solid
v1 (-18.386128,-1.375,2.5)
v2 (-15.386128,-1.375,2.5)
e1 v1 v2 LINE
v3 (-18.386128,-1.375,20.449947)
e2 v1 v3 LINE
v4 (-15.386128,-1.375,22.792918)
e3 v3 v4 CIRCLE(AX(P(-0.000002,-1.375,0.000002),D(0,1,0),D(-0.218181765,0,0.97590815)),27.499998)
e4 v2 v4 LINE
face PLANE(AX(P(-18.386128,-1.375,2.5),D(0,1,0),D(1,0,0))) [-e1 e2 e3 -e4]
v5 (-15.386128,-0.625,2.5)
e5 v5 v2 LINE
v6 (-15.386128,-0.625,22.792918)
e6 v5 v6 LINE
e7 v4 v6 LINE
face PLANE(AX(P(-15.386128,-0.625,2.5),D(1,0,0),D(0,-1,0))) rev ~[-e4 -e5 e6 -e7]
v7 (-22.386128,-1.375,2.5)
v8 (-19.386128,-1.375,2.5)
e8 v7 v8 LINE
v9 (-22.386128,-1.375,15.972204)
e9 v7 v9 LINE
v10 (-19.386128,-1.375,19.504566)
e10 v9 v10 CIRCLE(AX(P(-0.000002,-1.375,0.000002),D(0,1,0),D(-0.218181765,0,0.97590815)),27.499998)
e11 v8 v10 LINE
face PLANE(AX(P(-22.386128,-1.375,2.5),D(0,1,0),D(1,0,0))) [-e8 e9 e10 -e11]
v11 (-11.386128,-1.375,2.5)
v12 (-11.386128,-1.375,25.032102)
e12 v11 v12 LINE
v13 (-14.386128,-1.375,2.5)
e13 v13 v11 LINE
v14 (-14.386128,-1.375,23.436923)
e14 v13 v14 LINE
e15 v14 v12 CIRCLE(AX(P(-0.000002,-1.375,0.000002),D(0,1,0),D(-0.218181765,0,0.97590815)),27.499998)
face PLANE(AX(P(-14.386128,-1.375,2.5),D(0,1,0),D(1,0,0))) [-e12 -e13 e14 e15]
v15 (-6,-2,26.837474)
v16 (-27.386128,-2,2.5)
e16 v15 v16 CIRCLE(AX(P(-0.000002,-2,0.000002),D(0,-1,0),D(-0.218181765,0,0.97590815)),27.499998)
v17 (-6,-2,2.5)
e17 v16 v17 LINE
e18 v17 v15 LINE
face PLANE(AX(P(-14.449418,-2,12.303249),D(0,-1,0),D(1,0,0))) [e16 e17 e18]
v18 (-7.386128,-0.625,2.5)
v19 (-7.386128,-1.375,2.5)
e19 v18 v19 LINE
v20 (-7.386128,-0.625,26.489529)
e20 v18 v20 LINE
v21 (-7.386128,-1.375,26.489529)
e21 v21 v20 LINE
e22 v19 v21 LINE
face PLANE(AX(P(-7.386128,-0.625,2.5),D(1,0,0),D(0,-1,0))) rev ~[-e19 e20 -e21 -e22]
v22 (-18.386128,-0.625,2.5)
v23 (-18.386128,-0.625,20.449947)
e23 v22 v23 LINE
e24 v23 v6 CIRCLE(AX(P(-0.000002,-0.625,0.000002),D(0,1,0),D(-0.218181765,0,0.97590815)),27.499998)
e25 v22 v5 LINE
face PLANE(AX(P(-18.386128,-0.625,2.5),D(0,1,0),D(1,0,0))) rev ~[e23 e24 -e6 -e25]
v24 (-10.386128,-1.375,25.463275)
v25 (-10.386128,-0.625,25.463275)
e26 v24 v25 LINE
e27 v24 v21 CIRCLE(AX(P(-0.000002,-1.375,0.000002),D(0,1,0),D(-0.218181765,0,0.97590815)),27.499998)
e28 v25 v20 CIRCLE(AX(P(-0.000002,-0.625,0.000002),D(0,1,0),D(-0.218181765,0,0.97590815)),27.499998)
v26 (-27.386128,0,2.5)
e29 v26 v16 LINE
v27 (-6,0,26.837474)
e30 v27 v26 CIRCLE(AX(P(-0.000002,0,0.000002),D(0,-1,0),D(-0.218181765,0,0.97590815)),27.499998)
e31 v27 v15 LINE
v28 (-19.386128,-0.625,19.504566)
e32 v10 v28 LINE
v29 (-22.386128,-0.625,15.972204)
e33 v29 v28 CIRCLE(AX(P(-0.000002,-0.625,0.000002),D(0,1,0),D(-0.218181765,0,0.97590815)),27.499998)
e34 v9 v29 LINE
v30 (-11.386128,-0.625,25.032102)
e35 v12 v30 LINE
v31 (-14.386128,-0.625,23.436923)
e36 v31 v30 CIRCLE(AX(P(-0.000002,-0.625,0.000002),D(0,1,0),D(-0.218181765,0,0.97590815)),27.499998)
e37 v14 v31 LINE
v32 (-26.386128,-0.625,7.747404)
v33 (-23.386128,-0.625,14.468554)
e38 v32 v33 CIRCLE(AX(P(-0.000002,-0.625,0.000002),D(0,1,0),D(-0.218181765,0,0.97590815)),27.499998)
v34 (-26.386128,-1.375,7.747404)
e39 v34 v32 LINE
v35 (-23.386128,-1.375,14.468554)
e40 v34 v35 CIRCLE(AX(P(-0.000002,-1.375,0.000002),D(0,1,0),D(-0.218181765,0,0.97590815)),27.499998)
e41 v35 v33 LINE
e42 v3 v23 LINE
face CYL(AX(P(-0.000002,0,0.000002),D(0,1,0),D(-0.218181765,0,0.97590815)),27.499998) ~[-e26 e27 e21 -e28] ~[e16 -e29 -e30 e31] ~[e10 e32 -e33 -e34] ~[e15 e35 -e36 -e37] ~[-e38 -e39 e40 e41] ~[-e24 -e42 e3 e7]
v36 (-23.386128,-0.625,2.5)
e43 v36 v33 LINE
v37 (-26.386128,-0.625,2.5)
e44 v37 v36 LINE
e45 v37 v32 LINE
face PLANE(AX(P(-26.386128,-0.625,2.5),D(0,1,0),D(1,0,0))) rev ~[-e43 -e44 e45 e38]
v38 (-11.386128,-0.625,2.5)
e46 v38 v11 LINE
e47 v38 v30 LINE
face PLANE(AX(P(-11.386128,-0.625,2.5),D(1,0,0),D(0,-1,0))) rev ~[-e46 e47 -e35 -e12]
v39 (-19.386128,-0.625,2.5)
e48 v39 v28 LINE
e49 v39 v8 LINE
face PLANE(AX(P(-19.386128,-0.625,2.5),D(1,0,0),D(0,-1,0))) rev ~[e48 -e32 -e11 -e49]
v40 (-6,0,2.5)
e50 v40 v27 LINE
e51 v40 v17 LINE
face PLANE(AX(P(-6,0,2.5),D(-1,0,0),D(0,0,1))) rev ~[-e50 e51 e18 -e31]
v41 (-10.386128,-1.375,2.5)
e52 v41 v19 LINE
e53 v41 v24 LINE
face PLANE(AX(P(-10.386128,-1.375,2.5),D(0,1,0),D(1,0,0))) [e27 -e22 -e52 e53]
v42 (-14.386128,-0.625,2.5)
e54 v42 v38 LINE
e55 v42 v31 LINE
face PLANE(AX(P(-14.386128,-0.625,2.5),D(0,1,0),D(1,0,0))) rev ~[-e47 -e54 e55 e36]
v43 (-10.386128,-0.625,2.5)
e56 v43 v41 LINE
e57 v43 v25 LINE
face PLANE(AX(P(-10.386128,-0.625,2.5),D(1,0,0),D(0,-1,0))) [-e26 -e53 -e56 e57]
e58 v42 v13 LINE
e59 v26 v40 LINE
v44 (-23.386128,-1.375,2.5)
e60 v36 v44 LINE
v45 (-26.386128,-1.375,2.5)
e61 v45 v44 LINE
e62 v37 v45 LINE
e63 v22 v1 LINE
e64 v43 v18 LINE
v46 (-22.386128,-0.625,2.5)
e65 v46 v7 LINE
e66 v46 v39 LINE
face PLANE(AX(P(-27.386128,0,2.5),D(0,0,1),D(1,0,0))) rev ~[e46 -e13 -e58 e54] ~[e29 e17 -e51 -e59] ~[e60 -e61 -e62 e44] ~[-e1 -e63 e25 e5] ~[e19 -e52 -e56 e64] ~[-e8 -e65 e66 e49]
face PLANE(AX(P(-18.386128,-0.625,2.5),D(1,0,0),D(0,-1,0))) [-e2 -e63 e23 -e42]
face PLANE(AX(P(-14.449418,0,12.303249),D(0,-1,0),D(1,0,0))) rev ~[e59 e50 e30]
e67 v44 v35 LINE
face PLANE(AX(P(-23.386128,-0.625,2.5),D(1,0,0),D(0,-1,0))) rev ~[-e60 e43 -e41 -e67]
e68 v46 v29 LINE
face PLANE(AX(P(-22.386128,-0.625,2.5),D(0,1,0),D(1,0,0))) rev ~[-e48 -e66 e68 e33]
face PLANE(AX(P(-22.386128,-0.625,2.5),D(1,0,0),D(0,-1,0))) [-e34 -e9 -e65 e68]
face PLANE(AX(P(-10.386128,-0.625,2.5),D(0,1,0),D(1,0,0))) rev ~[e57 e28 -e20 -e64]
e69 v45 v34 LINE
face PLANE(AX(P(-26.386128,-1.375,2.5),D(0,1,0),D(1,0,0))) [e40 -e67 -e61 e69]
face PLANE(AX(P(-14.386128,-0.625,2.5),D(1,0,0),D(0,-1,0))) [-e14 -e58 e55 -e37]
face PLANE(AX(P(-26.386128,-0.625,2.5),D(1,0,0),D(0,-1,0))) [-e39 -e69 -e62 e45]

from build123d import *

# Parameters (mm, degrees)
F1_DEPTH = 2
F2_W     = 3
F2_H     = 0.75
F3_DEPTH = 25


with BuildPart() as f1:
    # F0 (on Front) → F1 (new body)
    with BuildSketch(Plane.XZ):
        with BuildLine():
            Line((-6, 2.5), (-6, 26.837474))
            ThreePointArc((-6, 26.837474), (-20.657603, 18.152506), (-27.386128, 2.5))
            Line((-27.386128, 2.5), (-6, 2.5))
        make_face()
    extrude(amount=F1_DEPTH)

    # F2 (on face) → F3 (cut)
    with BuildSketch(Plane(origin=(0, 0, 2.5), x_dir=(1, 0, 0), z_dir=(0, 0, -1))):
        with Locations((-24.886128, 1)):
            Rectangle(F2_W, F2_H)
        with Locations((-20.886128, 1)):
            Rectangle(F2_W, F2_H)
        with Locations((-16.886128, 1)):
            Rectangle(F2_W, F2_H)
        with Locations((-12.886128, 1)):
            Rectangle(F2_W, F2_H)
        with Locations((-8.886128, 1)):
            Rectangle(F2_W, F2_H)
    extrude(amount=-F3_DEPTH, mode=Mode.SUBTRACT)


solid = f1.part
